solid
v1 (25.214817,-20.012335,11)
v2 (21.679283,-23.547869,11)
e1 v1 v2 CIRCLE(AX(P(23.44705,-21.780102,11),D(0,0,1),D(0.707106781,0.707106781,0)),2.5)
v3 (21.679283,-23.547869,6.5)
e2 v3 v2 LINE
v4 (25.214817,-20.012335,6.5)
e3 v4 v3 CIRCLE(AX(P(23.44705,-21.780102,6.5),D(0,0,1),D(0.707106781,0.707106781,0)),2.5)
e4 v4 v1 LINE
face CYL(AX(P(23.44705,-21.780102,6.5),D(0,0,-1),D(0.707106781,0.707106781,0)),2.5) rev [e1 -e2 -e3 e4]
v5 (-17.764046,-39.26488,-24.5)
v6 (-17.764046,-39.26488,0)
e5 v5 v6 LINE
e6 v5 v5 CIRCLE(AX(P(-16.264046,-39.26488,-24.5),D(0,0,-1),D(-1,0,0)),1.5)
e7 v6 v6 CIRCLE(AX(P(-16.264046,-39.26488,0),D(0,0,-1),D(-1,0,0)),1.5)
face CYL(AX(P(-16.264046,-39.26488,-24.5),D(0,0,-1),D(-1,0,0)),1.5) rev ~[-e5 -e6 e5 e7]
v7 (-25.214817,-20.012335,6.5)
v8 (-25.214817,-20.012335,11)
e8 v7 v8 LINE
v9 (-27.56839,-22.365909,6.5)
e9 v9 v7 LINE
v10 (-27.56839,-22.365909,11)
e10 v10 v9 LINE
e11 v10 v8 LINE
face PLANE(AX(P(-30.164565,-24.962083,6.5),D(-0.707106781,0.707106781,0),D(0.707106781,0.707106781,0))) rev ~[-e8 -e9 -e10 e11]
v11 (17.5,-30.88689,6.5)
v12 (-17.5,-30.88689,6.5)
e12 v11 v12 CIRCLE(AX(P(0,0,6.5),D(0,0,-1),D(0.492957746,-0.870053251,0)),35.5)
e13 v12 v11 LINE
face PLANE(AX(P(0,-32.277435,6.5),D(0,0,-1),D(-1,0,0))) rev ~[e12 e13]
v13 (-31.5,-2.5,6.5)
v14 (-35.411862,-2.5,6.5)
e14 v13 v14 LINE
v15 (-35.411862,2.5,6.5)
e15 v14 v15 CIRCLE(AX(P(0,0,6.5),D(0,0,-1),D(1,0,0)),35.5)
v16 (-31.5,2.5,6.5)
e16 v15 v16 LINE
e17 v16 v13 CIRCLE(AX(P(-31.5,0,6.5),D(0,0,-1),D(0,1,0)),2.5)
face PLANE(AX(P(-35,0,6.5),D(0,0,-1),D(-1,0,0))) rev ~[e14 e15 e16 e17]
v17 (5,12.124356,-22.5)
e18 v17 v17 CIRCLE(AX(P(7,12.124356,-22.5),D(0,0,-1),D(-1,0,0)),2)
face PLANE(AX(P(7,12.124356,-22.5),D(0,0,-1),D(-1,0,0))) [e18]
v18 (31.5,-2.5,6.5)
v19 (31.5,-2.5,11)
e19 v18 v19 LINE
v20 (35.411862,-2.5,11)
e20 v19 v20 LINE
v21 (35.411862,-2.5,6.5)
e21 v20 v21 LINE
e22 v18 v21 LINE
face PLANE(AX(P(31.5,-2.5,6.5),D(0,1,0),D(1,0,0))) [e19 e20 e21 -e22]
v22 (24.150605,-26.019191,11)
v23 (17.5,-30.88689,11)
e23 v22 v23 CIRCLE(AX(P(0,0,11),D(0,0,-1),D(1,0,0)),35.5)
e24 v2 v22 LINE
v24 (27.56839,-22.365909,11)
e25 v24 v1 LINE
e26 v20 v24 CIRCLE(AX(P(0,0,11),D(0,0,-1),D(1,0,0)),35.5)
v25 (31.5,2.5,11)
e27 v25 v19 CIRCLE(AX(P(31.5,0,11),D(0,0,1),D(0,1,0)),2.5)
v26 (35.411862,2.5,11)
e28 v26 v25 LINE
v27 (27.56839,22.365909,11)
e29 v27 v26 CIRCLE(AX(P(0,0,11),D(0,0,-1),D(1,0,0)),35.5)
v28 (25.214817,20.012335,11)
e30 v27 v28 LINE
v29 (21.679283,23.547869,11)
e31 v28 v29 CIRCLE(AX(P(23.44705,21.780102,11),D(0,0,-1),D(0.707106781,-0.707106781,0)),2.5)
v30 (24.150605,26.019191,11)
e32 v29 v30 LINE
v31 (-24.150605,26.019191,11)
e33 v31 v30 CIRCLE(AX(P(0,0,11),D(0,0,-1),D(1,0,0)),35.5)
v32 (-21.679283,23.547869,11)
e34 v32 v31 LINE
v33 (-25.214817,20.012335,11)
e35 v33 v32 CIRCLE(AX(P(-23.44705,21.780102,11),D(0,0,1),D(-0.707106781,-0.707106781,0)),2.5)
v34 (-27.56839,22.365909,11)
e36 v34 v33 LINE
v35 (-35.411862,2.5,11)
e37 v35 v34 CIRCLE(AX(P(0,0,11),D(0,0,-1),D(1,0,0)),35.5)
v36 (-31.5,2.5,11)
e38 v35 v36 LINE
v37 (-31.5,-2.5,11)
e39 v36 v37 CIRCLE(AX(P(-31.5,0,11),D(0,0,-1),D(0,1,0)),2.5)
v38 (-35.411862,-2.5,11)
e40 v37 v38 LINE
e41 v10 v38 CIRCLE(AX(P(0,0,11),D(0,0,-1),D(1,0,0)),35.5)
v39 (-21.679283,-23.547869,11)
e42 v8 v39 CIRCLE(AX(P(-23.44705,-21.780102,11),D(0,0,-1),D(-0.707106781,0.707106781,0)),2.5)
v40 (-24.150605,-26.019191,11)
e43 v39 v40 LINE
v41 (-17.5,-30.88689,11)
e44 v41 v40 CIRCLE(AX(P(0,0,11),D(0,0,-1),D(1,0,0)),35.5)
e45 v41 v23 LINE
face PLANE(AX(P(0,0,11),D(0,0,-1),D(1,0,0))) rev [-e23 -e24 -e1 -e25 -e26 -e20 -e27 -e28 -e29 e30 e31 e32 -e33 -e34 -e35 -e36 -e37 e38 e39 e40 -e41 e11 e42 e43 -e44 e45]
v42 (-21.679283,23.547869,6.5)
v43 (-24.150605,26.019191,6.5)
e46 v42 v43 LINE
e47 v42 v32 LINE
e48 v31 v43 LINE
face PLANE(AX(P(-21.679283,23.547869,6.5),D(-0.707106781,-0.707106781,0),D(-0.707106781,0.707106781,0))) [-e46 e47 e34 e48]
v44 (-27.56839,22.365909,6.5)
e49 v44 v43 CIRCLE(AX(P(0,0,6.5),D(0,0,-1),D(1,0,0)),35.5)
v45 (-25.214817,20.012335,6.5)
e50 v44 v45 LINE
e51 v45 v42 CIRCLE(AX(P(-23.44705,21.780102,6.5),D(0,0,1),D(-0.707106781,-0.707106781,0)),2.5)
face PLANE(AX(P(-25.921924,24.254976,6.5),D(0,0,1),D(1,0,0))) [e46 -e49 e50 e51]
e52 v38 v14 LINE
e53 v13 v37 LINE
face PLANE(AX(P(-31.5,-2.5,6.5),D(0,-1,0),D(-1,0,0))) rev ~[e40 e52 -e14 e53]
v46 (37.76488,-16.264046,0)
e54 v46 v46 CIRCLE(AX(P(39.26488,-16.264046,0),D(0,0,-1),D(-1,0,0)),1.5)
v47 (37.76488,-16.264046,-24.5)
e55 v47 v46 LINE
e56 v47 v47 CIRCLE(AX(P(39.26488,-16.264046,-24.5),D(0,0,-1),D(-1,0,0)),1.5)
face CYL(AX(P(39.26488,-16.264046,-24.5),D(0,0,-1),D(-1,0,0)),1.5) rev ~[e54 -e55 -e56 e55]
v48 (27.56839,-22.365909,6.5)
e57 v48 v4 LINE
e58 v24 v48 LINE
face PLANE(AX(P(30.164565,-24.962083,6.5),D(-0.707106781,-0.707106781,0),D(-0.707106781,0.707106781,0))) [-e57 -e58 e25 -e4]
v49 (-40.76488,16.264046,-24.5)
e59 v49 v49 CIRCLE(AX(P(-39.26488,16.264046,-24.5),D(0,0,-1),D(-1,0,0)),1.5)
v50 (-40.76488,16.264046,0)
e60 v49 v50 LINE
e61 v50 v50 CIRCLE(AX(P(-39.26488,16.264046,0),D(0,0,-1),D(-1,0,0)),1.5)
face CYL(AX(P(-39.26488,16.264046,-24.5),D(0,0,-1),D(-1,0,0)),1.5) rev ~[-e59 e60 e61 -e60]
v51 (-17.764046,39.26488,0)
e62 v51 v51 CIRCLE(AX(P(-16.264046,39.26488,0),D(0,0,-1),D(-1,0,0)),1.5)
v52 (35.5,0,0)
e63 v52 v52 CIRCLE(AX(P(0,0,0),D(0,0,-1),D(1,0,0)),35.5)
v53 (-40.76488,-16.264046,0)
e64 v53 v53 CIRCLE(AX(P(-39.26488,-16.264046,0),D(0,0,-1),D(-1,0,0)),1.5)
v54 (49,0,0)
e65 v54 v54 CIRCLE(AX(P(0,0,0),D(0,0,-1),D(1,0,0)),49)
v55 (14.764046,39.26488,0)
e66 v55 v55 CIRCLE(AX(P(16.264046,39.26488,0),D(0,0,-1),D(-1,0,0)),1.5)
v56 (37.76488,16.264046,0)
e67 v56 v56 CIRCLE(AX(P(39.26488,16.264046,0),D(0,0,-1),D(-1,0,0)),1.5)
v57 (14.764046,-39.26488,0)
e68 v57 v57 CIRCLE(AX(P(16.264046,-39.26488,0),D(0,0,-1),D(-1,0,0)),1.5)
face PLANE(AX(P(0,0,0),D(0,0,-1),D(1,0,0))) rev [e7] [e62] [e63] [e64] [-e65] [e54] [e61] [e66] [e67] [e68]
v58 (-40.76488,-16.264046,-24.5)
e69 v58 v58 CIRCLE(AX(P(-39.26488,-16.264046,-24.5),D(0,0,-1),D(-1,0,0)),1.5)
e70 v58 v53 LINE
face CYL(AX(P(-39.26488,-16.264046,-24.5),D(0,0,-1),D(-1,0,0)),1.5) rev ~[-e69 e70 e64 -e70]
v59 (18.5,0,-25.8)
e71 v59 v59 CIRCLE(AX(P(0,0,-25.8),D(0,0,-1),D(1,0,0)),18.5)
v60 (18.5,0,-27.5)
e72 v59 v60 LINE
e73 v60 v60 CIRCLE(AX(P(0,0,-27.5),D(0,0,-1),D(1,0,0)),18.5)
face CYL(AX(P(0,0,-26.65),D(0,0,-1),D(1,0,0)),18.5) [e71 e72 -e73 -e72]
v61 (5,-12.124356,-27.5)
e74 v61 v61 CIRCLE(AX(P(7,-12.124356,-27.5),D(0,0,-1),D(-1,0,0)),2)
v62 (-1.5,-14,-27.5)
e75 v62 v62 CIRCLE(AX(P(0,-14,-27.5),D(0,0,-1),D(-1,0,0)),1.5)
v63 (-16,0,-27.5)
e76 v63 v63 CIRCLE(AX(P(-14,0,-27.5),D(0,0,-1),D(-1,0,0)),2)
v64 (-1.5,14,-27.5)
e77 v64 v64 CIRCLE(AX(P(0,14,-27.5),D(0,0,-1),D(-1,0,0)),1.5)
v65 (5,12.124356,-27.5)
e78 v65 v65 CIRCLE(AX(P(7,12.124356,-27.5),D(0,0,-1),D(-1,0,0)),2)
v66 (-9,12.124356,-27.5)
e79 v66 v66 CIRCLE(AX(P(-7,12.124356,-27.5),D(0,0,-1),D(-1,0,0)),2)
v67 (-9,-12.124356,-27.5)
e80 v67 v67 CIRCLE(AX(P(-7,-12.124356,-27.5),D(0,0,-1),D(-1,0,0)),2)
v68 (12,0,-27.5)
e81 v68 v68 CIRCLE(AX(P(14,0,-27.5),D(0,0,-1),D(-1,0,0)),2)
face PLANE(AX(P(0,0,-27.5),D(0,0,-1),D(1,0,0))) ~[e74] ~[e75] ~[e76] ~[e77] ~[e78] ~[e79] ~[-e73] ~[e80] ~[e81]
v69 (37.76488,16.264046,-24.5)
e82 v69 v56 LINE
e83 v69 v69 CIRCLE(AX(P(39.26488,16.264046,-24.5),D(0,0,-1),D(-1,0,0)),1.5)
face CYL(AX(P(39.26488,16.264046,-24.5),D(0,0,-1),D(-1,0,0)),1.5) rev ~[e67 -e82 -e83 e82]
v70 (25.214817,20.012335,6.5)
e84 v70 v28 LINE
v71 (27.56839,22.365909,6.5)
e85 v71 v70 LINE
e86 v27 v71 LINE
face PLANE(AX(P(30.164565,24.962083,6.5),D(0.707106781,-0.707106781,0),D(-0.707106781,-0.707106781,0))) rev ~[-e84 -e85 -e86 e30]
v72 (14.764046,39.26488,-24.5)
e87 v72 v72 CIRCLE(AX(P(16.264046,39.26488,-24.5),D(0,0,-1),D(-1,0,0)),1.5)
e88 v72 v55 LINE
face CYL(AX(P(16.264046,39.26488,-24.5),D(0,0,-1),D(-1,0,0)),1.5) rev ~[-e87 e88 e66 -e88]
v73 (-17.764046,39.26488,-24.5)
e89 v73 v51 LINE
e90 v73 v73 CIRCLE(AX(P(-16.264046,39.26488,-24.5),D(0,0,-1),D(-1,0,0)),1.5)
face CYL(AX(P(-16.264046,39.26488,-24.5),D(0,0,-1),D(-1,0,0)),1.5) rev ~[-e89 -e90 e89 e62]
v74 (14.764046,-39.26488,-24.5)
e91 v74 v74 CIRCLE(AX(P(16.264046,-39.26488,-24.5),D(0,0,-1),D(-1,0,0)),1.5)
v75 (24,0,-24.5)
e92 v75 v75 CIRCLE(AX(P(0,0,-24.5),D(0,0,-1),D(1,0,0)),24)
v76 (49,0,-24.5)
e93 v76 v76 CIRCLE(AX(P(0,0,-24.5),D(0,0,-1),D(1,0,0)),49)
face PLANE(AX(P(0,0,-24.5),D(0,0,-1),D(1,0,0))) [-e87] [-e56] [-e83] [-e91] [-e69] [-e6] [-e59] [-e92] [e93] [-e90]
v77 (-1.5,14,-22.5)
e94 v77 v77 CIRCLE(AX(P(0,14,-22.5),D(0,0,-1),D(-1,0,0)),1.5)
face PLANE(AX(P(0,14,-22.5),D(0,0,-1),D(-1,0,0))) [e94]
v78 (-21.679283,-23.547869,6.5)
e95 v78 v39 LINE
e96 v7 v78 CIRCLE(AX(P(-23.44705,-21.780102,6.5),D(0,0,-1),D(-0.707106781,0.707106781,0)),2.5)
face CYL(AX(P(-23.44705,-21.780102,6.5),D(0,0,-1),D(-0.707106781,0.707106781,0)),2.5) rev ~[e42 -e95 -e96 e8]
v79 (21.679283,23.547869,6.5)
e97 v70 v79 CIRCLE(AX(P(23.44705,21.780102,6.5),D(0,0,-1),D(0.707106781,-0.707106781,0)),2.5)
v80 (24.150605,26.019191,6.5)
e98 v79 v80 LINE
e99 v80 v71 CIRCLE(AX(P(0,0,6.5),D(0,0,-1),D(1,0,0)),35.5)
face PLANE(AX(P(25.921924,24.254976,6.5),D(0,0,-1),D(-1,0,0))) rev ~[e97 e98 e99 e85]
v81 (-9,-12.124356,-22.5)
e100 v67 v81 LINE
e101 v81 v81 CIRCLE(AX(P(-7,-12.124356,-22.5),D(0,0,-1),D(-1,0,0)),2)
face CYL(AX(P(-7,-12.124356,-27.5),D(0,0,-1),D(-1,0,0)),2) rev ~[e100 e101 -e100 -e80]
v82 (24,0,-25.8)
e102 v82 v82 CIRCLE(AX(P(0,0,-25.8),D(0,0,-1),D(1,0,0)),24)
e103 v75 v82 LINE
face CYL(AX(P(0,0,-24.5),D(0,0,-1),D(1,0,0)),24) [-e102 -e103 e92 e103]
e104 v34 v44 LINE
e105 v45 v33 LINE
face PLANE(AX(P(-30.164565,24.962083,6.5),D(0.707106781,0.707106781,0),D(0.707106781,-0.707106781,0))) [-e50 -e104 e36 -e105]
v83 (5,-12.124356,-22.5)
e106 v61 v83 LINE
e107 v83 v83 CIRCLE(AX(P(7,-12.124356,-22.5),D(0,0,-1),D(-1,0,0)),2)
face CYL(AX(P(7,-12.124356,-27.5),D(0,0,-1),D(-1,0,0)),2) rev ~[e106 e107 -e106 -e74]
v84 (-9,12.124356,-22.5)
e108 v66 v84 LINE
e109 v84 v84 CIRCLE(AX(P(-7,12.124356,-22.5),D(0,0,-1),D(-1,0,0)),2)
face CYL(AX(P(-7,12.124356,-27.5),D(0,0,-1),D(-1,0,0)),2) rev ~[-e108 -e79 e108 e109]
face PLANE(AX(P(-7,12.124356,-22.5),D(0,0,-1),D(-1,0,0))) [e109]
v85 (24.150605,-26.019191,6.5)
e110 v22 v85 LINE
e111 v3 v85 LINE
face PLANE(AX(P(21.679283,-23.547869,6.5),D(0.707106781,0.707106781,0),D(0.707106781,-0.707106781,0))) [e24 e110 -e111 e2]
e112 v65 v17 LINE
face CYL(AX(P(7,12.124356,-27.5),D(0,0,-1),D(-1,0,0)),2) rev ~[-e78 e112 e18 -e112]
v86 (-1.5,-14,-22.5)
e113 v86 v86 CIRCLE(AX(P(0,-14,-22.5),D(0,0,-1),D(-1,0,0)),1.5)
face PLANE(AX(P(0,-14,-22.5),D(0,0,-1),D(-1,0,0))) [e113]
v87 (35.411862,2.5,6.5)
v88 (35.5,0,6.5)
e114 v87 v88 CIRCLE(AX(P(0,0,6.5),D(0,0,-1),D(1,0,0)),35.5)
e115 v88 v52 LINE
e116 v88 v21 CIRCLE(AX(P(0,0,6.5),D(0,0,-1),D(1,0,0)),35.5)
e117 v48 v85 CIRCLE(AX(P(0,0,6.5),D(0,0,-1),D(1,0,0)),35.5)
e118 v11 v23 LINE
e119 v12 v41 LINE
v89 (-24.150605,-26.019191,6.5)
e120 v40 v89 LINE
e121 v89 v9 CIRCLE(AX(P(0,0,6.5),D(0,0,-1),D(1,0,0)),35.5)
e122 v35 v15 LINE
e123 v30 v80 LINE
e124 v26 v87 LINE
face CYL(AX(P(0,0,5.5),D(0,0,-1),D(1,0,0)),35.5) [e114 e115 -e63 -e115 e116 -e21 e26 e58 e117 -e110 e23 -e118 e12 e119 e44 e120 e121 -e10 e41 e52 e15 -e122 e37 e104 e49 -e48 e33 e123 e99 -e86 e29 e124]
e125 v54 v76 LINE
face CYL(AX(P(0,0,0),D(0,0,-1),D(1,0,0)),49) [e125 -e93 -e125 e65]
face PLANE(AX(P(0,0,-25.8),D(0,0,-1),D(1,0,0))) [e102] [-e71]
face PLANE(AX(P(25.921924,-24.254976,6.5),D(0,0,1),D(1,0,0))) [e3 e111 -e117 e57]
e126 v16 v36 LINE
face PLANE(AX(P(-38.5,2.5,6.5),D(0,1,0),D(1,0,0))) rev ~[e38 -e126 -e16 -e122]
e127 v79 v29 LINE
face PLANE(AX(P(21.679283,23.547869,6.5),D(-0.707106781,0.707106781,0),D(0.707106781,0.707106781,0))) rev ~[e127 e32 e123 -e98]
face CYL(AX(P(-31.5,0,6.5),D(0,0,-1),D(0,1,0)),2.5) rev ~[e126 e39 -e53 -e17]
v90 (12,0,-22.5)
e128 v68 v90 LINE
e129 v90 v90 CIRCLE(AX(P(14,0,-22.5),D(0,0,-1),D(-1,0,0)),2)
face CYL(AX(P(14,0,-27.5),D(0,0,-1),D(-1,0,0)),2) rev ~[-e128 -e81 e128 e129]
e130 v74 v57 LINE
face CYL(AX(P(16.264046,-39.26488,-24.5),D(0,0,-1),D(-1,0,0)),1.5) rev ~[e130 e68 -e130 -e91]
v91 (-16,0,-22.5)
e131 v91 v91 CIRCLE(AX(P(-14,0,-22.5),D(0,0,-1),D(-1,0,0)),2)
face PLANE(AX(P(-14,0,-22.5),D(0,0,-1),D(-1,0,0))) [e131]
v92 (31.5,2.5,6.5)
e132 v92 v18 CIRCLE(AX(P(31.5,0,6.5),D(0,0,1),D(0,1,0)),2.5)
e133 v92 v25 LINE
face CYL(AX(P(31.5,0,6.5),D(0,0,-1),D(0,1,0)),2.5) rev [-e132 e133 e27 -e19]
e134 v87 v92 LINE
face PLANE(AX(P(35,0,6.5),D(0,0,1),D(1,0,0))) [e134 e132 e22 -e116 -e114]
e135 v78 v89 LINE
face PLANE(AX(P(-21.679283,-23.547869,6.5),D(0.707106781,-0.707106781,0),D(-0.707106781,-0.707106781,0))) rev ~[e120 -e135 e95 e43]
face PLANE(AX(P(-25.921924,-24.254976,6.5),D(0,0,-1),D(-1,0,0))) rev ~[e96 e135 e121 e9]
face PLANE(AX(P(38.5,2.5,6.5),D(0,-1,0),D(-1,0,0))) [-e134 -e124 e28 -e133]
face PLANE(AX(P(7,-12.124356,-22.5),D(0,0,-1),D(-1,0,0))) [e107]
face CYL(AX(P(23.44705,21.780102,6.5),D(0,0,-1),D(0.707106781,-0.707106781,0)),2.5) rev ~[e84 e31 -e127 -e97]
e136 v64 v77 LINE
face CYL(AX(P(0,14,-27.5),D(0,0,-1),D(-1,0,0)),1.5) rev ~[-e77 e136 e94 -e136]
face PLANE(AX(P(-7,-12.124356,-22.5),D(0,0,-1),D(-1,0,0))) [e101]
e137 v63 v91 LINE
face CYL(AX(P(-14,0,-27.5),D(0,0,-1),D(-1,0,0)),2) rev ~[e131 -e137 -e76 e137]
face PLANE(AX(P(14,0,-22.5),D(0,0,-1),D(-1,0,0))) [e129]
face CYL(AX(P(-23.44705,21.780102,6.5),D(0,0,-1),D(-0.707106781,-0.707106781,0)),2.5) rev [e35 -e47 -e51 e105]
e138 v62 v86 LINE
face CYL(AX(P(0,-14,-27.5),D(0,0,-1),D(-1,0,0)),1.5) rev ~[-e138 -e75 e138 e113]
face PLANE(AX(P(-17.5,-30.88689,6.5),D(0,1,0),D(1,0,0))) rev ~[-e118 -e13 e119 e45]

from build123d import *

# Parameters (mm, degrees)
SKETCH_1_W          = 35.5
SKETCH_1_H          = 11
SKETCH_1_W_2        = 18.5
SKETCH_1_H_2        = 1.7
CUT_EXTRUDE_1_REACH = 79.86
SKETCH_2_R          = 1.5
CUT_EXTRUDE_START   = -4.5
CUT_EXTRUDE_3_DEPTH = 4.5
SKETCH_4_R          = 2
SKETCH_4_R_2        = 1.5
CUT_EXTRUDE_4_DEPTH = 5


with BuildPart() as part:
    # 草图1 → 旋转1 (revolve)
    with BuildSketch(Plane(origin=(0, 0, 0), x_dir=(1, 0, 0), z_dir=(0, 1, 0))):
        Polygon((0, 24.5), (0, 0), (35.5, 0), (49, 0), (49, 24.5), (24, 24.5), align=None)
        with Locations((17.75, -5.5)):
            Rectangle(SKETCH_1_W, SKETCH_1_H)
        Polygon((0, 25.8), (0, 24.5), (24, 24.5), (24, 25.8), (18.5, 25.8), align=None)
        with Locations((9.25, 26.65)):
            Rectangle(SKETCH_1_W_2, SKETCH_1_H_2)
    revolve(axis=Axis((0, 0, 11), (0, 0, -1)))

    # 草图2 → 切除-拉伸1 (cut, up to next)
    with BuildSketch(Plane(origin=(0, 0, -24.5), x_dir=(-1, 0, 0), z_dir=(0, 0, -1)), mode=Mode.PRIVATE) as cut_extrude_1_sk1:
        with Locations((16.264045876, 39.264880132)):
            Circle(SKETCH_2_R)
    cut_extrude_1_tool1 = extrude(cut_extrude_1_sk1.sketch, amount=-CUT_EXTRUDE_1_REACH, mode=Mode.PRIVATE) & part.part
    # 草图2 → 切除-拉伸1 (cut, up to next)
    with BuildSketch(Plane(origin=(0, 0, -24.5), x_dir=(-1, 0, 0), z_dir=(0, 0, -1)), mode=Mode.PRIVATE) as cut_extrude_1_sk2:
        with Locations((-16.264045876, 39.264880132)):
            Circle(SKETCH_2_R)
    cut_extrude_1_tool2 = extrude(cut_extrude_1_sk2.sketch, amount=-CUT_EXTRUDE_1_REACH, mode=Mode.PRIVATE) & part.part
    # 草图2 → 切除-拉伸1 (cut, up to next)
    with BuildSketch(Plane(origin=(0, 0, -24.5), x_dir=(-1, 0, 0), z_dir=(0, 0, -1)), mode=Mode.PRIVATE) as cut_extrude_1_sk3:
        with Locations((-39.264880132, 16.264045876)):
            Circle(SKETCH_2_R)
    cut_extrude_1_tool3 = extrude(cut_extrude_1_sk3.sketch, amount=-CUT_EXTRUDE_1_REACH, mode=Mode.PRIVATE) & part.part
    # 草图2 → 切除-拉伸1 (cut, up to next)
    with BuildSketch(Plane(origin=(0, 0, -24.5), x_dir=(-1, 0, 0), z_dir=(0, 0, -1)), mode=Mode.PRIVATE) as cut_extrude_1_sk4:
        with Locations((-39.264880132, -16.264045876)):
            Circle(SKETCH_2_R)
    cut_extrude_1_tool4 = extrude(cut_extrude_1_sk4.sketch, amount=-CUT_EXTRUDE_1_REACH, mode=Mode.PRIVATE) & part.part
    # 草图2 → 切除-拉伸1 (cut, up to next)
    with BuildSketch(Plane(origin=(0, 0, -24.5), x_dir=(-1, 0, 0), z_dir=(0, 0, -1)), mode=Mode.PRIVATE) as cut_extrude_1_sk5:
        with Locations((-16.264045876, -39.264880132)):
            Circle(SKETCH_2_R)
    cut_extrude_1_tool5 = extrude(cut_extrude_1_sk5.sketch, amount=-CUT_EXTRUDE_1_REACH, mode=Mode.PRIVATE) & part.part
    # 草图2 → 切除-拉伸1 (cut, up to next)
    with BuildSketch(Plane(origin=(0, 0, -24.5), x_dir=(-1, 0, 0), z_dir=(0, 0, -1)), mode=Mode.PRIVATE) as cut_extrude_1_sk6:
        with Locations((16.264045876, -39.264880132)):
            Circle(SKETCH_2_R)
    cut_extrude_1_tool6 = extrude(cut_extrude_1_sk6.sketch, amount=-CUT_EXTRUDE_1_REACH, mode=Mode.PRIVATE) & part.part
    # 草图2 → 切除-拉伸1 (cut, up to next)
    with BuildSketch(Plane(origin=(0, 0, -24.5), x_dir=(-1, 0, 0), z_dir=(0, 0, -1)), mode=Mode.PRIVATE) as cut_extrude_1_sk7:
        with Locations((39.264880132, -16.264045876)):
            Circle(SKETCH_2_R)
    cut_extrude_1_tool7 = extrude(cut_extrude_1_sk7.sketch, amount=-CUT_EXTRUDE_1_REACH, mode=Mode.PRIVATE) & part.part
    # 草图2 → 切除-拉伸1 (cut, up to next)
    with BuildSketch(Plane(origin=(0, 0, -24.5), x_dir=(-1, 0, 0), z_dir=(0, 0, -1)), mode=Mode.PRIVATE) as cut_extrude_1_sk8:
        with Locations((39.264880132, 16.264045876)):
            Circle(SKETCH_2_R)
    cut_extrude_1_tool8 = extrude(cut_extrude_1_sk8.sketch, amount=-CUT_EXTRUDE_1_REACH, mode=Mode.PRIVATE) & part.part
    add(cut_extrude_1_tool1.solids().sort_by_distance((-16.264046, 39.26488, -24.5))[0], mode=Mode.SUBTRACT)
    add(cut_extrude_1_tool2.solids().sort_by_distance((16.264046, 39.26488, -24.5))[0], mode=Mode.SUBTRACT)
    add(cut_extrude_1_tool3.solids().sort_by_distance((39.26488, 16.264046, -24.5))[0], mode=Mode.SUBTRACT)
    add(cut_extrude_1_tool4.solids().sort_by_distance((39.26488, -16.264046, -24.5))[0], mode=Mode.SUBTRACT)
    add(cut_extrude_1_tool5.solids().sort_by_distance((16.264046, -39.26488, -24.5))[0], mode=Mode.SUBTRACT)
    add(cut_extrude_1_tool6.solids().sort_by_distance((-16.264046, -39.26488, -24.5))[0], mode=Mode.SUBTRACT)
    add(cut_extrude_1_tool7.solids().sort_by_distance((-39.26488, -16.264046, -24.5))[0], mode=Mode.SUBTRACT)
    add(cut_extrude_1_tool8.solids().sort_by_distance((-39.26488, 16.264046, -24.5))[0], mode=Mode.SUBTRACT)

    # 草图3 → 切除-拉伸3 (cut)
    with BuildSketch(Plane.XY.offset(11).offset(CUT_EXTRUDE_START)):
        with BuildLine():
            Line((-38.5, 2.5), (-31.5, 2.5))
            ThreePointArc((-31.5, 2.5), (-29, 0), (-31.5, -2.5))
            Line((-31.5, -2.5), (-38.5, -2.5))
            ThreePointArc((-38.5, -2.5), (-41, 0), (-38.5, 2.5))
        make_face()
        with BuildLine():
            Line((-17.5, -30.886890423), (17.5, -30.886890423))
            ThreePointArc((17.5, -30.886890423), (0, -35.5), (-17.5, -30.886890423))
        make_face()
        with BuildLine():
            Line((-30.16456452, -24.962082865), (-25.214817051, -20.012335396))
            ThreePointArc((-25.214817051, -20.012335396), (-21.679283146, -20.012335396), (-21.679283146, -23.547869302))
            Line((-21.679283146, -23.547869302), (-26.629030614, -28.497616771))
            ThreePointArc((-26.629030614, -28.497616771), (-30.16456452, -28.497616771), (-30.16456452, -24.962082865))
        make_face()
        with BuildLine():
            Line((30.16456452, -24.962082865), (25.214817051, -20.012335396))
            ThreePointArc((25.214817051, -20.012335396), (21.679283146, -20.012335396), (21.679283146, -23.547869302))
            Line((21.679283146, -23.547869302), (26.629030614, -28.497616771))
            ThreePointArc((26.629030614, -28.497616771), (30.16456452, -28.497616771), (30.16456452, -24.962082865))
        make_face()
        with BuildLine():
            Line((38.5, 2.5), (31.5, 2.5))
            ThreePointArc((31.5, 2.5), (29, 0), (31.5, -2.5))
            Line((31.5, -2.5), (38.5, -2.5))
            ThreePointArc((38.5, -2.5), (41, 0), (38.5, 2.5))
        make_face()
        with BuildLine():
            Line((-30.16456452, 24.962082865), (-25.214817051, 20.012335396))
            ThreePointArc((-25.214817051, 20.012335396), (-21.679283146, 20.012335396), (-21.679283146, 23.547869302))
            Line((-21.679283146, 23.547869302), (-26.629030614, 28.497616771))
            ThreePointArc((-26.629030614, 28.497616771), (-30.16456452, 28.497616771), (-30.16456452, 24.962082865))
        make_face()
        with BuildLine():
            Line((30.16456452, 24.962082865), (25.214817051, 20.012335396))
            ThreePointArc((25.214817051, 20.012335396), (21.679283146, 20.012335396), (21.679283146, 23.547869302))
            Line((21.679283146, 23.547869302), (26.629030614, 28.497616771))
            ThreePointArc((26.629030614, 28.497616771), (30.16456452, 28.497616771), (30.16456452, 24.962082865))
        make_face()
    extrude(amount=CUT_EXTRUDE_3_DEPTH, mode=Mode.SUBTRACT)

    # 草图4 → 切除-拉伸4 (cut)
    with BuildSketch(Plane(origin=(0, 0, -27.5), x_dir=(-1, 0, 0), z_dir=(0, 0, -1))):
        with Locations((7, 12.124355653)):
            Circle(SKETCH_4_R)
        with Locations((14, 0)):
            Circle(SKETCH_4_R)
        with Locations((7, -12.124355653)):
            Circle(SKETCH_4_R)
        with Locations((-7, -12.124355653)):
            Circle(SKETCH_4_R)
        with Locations((-14, 0)):
            Circle(SKETCH_4_R)
        with Locations((-7, 12.124355653)):
            Circle(SKETCH_4_R)
        with Locations((0, 14)):
            Circle(SKETCH_4_R_2)
        with Locations((0, -14)):
            Circle(SKETCH_4_R_2)
    extrude(amount=-CUT_EXTRUDE_4_DEPTH, mode=Mode.SUBTRACT)


solid = part.part
